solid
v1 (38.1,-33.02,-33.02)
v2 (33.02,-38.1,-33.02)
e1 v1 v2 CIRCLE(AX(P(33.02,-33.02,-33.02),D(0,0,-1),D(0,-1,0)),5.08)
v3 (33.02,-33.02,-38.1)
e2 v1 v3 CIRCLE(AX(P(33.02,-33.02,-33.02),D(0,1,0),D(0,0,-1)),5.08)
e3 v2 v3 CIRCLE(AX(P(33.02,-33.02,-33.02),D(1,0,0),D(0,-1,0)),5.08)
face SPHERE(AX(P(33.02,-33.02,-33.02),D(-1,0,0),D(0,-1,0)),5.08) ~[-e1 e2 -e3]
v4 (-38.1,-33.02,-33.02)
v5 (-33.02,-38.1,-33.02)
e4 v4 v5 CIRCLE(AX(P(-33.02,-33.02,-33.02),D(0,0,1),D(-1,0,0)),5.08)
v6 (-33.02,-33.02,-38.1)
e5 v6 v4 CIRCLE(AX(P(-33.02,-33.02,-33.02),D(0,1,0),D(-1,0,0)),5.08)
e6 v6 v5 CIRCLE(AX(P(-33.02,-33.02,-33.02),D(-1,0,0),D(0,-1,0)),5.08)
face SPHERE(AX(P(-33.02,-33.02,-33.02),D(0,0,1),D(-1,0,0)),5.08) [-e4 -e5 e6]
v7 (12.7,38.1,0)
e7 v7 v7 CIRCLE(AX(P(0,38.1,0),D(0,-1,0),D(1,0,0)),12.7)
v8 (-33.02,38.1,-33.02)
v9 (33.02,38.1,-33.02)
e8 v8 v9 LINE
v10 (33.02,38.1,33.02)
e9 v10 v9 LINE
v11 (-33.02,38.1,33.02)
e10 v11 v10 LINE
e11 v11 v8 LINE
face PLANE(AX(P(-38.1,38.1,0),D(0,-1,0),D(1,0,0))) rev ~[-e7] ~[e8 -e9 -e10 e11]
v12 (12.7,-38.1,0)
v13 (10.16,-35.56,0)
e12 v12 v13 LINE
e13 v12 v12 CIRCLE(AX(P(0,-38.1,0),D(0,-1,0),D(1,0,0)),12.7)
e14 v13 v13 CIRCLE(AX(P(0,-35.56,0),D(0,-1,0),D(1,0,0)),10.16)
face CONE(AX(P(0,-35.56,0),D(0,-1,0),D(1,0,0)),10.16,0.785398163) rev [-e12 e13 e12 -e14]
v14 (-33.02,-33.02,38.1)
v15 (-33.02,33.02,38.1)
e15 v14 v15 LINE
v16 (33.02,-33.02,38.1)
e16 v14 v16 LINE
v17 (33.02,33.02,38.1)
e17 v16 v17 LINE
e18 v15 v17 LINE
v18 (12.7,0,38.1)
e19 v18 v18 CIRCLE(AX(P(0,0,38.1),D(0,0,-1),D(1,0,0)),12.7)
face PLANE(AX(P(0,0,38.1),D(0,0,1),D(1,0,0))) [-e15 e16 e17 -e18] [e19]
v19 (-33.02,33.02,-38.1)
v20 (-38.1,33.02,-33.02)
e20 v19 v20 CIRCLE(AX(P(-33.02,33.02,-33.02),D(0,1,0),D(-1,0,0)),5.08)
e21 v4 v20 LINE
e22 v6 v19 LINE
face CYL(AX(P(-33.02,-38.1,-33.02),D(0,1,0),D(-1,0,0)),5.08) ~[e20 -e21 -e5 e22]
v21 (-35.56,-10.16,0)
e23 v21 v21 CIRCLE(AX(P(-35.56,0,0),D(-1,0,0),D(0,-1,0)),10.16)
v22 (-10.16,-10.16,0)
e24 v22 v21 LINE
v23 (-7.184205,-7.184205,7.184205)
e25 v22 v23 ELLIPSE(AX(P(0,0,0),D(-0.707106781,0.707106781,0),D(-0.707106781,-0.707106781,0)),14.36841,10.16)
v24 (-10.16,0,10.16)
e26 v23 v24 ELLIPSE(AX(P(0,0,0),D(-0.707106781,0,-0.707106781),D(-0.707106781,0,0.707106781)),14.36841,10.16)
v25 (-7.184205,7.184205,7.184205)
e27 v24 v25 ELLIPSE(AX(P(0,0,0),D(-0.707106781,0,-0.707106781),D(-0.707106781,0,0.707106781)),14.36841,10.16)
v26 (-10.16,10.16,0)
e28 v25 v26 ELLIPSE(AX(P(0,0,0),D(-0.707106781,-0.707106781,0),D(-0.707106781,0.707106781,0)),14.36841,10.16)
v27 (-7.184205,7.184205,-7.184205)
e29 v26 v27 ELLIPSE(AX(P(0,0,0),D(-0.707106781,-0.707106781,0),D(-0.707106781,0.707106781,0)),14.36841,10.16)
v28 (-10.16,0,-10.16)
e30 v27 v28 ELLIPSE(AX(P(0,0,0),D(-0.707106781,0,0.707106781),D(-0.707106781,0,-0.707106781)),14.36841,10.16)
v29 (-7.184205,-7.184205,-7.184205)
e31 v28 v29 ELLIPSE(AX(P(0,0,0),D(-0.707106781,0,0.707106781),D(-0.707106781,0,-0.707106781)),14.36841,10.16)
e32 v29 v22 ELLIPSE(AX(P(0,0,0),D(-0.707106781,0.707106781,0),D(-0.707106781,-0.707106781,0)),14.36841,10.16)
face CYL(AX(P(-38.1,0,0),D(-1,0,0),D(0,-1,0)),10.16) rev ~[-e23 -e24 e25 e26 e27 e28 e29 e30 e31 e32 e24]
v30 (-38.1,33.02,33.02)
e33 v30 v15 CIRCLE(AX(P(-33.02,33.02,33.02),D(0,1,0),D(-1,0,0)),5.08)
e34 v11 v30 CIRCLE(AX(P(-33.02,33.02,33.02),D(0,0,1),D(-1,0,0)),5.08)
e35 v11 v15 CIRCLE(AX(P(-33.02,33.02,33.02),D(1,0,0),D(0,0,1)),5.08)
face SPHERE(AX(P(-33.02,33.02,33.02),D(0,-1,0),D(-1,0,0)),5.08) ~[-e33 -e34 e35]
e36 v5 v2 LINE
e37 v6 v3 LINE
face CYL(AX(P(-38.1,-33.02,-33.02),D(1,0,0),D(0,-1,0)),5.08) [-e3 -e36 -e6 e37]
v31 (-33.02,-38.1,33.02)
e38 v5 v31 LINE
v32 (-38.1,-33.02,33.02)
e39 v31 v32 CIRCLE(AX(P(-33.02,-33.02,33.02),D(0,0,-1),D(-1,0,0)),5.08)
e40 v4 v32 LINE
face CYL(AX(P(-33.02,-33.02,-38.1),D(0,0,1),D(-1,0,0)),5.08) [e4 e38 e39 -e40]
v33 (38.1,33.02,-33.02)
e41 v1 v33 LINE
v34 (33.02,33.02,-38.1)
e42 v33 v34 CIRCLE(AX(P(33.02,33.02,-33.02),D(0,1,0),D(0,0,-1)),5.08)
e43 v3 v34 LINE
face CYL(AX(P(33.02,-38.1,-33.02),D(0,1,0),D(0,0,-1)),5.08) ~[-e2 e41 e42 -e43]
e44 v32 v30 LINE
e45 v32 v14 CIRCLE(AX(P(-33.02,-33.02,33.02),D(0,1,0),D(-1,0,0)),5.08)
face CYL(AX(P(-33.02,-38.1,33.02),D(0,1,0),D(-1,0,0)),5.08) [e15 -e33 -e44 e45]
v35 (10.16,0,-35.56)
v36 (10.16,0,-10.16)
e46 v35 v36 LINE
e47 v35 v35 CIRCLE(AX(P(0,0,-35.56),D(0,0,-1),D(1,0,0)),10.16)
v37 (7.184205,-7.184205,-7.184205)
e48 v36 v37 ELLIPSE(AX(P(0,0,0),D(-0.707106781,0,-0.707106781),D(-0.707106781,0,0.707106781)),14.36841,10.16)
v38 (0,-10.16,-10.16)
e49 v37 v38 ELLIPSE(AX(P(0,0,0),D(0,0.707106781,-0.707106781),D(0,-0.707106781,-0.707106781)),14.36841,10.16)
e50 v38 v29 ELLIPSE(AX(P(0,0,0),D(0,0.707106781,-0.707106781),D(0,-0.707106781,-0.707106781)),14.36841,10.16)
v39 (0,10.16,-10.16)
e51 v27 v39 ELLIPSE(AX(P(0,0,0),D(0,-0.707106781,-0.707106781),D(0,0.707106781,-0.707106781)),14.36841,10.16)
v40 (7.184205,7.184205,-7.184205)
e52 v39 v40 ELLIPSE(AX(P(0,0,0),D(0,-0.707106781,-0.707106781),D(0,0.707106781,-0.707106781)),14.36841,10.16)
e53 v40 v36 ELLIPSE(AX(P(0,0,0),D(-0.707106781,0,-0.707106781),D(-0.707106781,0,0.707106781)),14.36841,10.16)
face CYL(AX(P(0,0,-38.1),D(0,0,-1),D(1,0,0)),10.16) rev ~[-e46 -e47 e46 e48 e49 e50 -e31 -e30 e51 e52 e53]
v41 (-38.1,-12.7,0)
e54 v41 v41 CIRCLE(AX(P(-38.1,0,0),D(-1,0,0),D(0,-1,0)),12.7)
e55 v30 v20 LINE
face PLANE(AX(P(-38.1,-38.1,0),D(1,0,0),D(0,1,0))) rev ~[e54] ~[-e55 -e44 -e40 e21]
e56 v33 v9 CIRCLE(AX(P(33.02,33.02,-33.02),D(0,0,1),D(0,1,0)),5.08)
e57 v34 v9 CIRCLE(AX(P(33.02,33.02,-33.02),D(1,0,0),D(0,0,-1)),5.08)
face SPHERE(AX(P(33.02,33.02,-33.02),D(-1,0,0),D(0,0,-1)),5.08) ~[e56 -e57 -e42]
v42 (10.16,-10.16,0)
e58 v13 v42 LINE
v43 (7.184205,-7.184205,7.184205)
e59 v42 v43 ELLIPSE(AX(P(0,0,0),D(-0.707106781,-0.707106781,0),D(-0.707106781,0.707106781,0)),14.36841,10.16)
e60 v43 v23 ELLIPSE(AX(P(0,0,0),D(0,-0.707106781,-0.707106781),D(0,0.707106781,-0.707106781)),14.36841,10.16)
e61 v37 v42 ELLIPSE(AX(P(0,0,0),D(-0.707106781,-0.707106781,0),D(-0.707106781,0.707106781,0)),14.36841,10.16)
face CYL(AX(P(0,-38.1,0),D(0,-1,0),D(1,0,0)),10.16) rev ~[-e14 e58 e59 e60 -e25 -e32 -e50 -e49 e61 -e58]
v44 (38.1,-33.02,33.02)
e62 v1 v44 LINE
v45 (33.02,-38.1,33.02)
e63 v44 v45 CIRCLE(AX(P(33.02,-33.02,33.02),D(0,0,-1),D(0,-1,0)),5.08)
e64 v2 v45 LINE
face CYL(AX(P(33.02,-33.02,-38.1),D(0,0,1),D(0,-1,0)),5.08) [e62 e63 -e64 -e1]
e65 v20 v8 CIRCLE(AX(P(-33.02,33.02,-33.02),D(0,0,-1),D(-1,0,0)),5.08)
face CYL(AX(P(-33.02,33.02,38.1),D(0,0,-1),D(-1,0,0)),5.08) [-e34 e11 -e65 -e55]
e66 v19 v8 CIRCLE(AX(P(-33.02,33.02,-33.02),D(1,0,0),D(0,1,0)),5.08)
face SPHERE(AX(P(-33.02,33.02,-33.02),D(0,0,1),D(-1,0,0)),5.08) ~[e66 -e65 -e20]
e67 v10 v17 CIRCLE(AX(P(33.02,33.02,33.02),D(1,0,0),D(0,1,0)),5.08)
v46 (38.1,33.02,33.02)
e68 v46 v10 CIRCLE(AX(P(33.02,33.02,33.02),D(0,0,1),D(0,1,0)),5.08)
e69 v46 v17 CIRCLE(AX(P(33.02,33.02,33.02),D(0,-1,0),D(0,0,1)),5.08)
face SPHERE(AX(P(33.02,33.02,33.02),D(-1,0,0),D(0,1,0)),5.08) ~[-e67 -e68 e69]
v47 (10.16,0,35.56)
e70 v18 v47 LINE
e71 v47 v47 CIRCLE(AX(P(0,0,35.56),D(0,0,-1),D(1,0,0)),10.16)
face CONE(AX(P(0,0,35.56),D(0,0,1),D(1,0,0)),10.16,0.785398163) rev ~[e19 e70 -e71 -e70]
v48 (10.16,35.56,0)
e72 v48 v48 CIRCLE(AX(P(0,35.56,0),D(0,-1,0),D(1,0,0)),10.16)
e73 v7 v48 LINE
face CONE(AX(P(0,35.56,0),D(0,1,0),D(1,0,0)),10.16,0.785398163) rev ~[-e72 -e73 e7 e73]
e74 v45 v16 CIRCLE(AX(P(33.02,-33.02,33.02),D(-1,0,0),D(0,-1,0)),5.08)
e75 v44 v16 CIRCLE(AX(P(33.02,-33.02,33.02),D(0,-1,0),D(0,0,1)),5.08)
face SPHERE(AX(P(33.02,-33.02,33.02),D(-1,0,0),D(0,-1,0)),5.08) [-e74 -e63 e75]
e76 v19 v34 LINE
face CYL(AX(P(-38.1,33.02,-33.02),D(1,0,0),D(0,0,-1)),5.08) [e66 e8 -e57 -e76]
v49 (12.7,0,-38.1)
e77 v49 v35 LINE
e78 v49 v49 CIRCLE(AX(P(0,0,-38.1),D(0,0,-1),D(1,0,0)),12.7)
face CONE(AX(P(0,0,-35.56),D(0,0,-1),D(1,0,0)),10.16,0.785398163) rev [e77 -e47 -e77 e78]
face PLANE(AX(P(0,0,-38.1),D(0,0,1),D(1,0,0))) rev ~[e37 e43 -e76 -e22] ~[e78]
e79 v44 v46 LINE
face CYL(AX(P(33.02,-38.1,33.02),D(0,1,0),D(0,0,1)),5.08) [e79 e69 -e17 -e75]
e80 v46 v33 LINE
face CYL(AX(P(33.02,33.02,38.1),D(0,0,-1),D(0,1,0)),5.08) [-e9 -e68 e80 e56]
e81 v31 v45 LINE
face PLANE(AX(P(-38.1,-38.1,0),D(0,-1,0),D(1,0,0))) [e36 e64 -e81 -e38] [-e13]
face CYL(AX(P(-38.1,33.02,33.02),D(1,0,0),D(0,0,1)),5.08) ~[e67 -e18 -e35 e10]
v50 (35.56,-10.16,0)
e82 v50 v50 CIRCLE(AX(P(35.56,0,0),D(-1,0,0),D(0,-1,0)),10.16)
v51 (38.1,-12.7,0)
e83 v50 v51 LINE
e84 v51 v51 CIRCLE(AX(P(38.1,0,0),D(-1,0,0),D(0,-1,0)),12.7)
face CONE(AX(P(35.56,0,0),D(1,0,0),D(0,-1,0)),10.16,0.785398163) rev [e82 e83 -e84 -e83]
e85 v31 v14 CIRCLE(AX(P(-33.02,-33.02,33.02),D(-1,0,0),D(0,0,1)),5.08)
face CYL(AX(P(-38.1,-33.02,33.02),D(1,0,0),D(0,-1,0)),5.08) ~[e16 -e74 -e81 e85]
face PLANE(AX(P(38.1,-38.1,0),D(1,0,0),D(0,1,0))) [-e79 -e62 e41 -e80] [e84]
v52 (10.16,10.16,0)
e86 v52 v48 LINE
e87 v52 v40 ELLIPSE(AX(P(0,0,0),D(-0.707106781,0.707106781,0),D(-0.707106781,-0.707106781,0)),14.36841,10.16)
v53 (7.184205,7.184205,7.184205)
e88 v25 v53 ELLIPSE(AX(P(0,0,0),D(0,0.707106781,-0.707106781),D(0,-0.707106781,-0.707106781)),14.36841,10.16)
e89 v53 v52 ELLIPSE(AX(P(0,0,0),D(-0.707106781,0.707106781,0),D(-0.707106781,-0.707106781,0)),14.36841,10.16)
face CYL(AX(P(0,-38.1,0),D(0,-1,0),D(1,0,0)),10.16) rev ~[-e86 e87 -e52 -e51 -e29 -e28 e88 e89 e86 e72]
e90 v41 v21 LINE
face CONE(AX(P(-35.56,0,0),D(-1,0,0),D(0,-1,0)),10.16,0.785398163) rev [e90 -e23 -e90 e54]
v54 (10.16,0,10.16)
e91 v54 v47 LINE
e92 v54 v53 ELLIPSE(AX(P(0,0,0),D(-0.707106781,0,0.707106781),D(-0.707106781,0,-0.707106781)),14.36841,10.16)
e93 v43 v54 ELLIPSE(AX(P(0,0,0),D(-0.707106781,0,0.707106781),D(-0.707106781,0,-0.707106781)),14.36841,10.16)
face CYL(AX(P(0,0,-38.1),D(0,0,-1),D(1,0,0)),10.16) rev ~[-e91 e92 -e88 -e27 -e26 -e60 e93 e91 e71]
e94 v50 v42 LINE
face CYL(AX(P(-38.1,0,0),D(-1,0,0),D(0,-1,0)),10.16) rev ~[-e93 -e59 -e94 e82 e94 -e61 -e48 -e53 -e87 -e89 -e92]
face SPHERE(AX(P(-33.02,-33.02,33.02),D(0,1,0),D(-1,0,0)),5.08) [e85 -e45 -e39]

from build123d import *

# Parameters (mm, degrees)
F0_W     = 76.2
F0_H     = 76.2
F1_DEPTH = 38.1
F2_R     = 10.16
F3_DEPTH = 147.32
F4_R     = 10.16
F5_DEPTH = 163.322
F6_R     = 10.16
F7_DEPTH = 99.06
F8_R     = 5.08
F9_SIZE  = 2.54


with BuildPart() as f1:
    # F0 (on Top) → F1 (new body, symmetric)
    with BuildSketch(Plane.XY):
        Rectangle(F0_W, F0_H)
    extrude(amount=F1_DEPTH, both=True)

    # F2 (on face) → F3 (cut, symmetric)
    with BuildSketch(Plane(origin=(-38.1, 0, 0), x_dir=(0, -1, 0), z_dir=(-1, 0, 0))):
        Circle(F2_R)
    extrude(amount=F3_DEPTH, both=True, mode=Mode.SUBTRACT)

    # F4 (on face) → F5 (cut)
    with BuildSketch(Plane(origin=(0, 0, -38.1), x_dir=(1, 0, 0), z_dir=(0, 0, -1))):
        Circle(F4_R)
    extrude(amount=-F5_DEPTH, mode=Mode.SUBTRACT)

    # F6 (on face) → F7 (cut)
    with BuildSketch(Plane.XZ.offset(38.1)):
        Circle(F6_R)
    extrude(amount=-F7_DEPTH, mode=Mode.SUBTRACT)

    # F8
    f8_edges = [f1.edges().sort_by_distance(p)[0] for p in [
        (-38.1, 0, 38.1),
        (-38.1, -38.1, 0),
        (-38.1, 38.1, 0),
        (-38.1, 0, -38.1),
        (0, 38.1, -38.1),
        (0, -38.1, -38.1),
        (0, 38.1, 38.1),
        (0, -38.1, 38.1),
        (38.1, -38.1, 0),
        (38.1, 0, -38.1),
        (38.1, 38.1, 0),
        (38.1, 0, 38.1),
    ]]
    fillet(f8_edges, radius=F8_R)

    # F9
    f9_edges = [f1.edges().sort_by_distance(p)[0] for p in [
        (-10.16, 0, -38.1),
        (38.1, 10.16, 0),
        (-10.16, -38.1, 0),
        (-10.16, 38.1, 0),
        (-10.16, 0, 38.1),
        (-38.1, 10.16, 0),
    ]]
    chamfer(f9_edges, length=F9_SIZE)


solid = f1.part
